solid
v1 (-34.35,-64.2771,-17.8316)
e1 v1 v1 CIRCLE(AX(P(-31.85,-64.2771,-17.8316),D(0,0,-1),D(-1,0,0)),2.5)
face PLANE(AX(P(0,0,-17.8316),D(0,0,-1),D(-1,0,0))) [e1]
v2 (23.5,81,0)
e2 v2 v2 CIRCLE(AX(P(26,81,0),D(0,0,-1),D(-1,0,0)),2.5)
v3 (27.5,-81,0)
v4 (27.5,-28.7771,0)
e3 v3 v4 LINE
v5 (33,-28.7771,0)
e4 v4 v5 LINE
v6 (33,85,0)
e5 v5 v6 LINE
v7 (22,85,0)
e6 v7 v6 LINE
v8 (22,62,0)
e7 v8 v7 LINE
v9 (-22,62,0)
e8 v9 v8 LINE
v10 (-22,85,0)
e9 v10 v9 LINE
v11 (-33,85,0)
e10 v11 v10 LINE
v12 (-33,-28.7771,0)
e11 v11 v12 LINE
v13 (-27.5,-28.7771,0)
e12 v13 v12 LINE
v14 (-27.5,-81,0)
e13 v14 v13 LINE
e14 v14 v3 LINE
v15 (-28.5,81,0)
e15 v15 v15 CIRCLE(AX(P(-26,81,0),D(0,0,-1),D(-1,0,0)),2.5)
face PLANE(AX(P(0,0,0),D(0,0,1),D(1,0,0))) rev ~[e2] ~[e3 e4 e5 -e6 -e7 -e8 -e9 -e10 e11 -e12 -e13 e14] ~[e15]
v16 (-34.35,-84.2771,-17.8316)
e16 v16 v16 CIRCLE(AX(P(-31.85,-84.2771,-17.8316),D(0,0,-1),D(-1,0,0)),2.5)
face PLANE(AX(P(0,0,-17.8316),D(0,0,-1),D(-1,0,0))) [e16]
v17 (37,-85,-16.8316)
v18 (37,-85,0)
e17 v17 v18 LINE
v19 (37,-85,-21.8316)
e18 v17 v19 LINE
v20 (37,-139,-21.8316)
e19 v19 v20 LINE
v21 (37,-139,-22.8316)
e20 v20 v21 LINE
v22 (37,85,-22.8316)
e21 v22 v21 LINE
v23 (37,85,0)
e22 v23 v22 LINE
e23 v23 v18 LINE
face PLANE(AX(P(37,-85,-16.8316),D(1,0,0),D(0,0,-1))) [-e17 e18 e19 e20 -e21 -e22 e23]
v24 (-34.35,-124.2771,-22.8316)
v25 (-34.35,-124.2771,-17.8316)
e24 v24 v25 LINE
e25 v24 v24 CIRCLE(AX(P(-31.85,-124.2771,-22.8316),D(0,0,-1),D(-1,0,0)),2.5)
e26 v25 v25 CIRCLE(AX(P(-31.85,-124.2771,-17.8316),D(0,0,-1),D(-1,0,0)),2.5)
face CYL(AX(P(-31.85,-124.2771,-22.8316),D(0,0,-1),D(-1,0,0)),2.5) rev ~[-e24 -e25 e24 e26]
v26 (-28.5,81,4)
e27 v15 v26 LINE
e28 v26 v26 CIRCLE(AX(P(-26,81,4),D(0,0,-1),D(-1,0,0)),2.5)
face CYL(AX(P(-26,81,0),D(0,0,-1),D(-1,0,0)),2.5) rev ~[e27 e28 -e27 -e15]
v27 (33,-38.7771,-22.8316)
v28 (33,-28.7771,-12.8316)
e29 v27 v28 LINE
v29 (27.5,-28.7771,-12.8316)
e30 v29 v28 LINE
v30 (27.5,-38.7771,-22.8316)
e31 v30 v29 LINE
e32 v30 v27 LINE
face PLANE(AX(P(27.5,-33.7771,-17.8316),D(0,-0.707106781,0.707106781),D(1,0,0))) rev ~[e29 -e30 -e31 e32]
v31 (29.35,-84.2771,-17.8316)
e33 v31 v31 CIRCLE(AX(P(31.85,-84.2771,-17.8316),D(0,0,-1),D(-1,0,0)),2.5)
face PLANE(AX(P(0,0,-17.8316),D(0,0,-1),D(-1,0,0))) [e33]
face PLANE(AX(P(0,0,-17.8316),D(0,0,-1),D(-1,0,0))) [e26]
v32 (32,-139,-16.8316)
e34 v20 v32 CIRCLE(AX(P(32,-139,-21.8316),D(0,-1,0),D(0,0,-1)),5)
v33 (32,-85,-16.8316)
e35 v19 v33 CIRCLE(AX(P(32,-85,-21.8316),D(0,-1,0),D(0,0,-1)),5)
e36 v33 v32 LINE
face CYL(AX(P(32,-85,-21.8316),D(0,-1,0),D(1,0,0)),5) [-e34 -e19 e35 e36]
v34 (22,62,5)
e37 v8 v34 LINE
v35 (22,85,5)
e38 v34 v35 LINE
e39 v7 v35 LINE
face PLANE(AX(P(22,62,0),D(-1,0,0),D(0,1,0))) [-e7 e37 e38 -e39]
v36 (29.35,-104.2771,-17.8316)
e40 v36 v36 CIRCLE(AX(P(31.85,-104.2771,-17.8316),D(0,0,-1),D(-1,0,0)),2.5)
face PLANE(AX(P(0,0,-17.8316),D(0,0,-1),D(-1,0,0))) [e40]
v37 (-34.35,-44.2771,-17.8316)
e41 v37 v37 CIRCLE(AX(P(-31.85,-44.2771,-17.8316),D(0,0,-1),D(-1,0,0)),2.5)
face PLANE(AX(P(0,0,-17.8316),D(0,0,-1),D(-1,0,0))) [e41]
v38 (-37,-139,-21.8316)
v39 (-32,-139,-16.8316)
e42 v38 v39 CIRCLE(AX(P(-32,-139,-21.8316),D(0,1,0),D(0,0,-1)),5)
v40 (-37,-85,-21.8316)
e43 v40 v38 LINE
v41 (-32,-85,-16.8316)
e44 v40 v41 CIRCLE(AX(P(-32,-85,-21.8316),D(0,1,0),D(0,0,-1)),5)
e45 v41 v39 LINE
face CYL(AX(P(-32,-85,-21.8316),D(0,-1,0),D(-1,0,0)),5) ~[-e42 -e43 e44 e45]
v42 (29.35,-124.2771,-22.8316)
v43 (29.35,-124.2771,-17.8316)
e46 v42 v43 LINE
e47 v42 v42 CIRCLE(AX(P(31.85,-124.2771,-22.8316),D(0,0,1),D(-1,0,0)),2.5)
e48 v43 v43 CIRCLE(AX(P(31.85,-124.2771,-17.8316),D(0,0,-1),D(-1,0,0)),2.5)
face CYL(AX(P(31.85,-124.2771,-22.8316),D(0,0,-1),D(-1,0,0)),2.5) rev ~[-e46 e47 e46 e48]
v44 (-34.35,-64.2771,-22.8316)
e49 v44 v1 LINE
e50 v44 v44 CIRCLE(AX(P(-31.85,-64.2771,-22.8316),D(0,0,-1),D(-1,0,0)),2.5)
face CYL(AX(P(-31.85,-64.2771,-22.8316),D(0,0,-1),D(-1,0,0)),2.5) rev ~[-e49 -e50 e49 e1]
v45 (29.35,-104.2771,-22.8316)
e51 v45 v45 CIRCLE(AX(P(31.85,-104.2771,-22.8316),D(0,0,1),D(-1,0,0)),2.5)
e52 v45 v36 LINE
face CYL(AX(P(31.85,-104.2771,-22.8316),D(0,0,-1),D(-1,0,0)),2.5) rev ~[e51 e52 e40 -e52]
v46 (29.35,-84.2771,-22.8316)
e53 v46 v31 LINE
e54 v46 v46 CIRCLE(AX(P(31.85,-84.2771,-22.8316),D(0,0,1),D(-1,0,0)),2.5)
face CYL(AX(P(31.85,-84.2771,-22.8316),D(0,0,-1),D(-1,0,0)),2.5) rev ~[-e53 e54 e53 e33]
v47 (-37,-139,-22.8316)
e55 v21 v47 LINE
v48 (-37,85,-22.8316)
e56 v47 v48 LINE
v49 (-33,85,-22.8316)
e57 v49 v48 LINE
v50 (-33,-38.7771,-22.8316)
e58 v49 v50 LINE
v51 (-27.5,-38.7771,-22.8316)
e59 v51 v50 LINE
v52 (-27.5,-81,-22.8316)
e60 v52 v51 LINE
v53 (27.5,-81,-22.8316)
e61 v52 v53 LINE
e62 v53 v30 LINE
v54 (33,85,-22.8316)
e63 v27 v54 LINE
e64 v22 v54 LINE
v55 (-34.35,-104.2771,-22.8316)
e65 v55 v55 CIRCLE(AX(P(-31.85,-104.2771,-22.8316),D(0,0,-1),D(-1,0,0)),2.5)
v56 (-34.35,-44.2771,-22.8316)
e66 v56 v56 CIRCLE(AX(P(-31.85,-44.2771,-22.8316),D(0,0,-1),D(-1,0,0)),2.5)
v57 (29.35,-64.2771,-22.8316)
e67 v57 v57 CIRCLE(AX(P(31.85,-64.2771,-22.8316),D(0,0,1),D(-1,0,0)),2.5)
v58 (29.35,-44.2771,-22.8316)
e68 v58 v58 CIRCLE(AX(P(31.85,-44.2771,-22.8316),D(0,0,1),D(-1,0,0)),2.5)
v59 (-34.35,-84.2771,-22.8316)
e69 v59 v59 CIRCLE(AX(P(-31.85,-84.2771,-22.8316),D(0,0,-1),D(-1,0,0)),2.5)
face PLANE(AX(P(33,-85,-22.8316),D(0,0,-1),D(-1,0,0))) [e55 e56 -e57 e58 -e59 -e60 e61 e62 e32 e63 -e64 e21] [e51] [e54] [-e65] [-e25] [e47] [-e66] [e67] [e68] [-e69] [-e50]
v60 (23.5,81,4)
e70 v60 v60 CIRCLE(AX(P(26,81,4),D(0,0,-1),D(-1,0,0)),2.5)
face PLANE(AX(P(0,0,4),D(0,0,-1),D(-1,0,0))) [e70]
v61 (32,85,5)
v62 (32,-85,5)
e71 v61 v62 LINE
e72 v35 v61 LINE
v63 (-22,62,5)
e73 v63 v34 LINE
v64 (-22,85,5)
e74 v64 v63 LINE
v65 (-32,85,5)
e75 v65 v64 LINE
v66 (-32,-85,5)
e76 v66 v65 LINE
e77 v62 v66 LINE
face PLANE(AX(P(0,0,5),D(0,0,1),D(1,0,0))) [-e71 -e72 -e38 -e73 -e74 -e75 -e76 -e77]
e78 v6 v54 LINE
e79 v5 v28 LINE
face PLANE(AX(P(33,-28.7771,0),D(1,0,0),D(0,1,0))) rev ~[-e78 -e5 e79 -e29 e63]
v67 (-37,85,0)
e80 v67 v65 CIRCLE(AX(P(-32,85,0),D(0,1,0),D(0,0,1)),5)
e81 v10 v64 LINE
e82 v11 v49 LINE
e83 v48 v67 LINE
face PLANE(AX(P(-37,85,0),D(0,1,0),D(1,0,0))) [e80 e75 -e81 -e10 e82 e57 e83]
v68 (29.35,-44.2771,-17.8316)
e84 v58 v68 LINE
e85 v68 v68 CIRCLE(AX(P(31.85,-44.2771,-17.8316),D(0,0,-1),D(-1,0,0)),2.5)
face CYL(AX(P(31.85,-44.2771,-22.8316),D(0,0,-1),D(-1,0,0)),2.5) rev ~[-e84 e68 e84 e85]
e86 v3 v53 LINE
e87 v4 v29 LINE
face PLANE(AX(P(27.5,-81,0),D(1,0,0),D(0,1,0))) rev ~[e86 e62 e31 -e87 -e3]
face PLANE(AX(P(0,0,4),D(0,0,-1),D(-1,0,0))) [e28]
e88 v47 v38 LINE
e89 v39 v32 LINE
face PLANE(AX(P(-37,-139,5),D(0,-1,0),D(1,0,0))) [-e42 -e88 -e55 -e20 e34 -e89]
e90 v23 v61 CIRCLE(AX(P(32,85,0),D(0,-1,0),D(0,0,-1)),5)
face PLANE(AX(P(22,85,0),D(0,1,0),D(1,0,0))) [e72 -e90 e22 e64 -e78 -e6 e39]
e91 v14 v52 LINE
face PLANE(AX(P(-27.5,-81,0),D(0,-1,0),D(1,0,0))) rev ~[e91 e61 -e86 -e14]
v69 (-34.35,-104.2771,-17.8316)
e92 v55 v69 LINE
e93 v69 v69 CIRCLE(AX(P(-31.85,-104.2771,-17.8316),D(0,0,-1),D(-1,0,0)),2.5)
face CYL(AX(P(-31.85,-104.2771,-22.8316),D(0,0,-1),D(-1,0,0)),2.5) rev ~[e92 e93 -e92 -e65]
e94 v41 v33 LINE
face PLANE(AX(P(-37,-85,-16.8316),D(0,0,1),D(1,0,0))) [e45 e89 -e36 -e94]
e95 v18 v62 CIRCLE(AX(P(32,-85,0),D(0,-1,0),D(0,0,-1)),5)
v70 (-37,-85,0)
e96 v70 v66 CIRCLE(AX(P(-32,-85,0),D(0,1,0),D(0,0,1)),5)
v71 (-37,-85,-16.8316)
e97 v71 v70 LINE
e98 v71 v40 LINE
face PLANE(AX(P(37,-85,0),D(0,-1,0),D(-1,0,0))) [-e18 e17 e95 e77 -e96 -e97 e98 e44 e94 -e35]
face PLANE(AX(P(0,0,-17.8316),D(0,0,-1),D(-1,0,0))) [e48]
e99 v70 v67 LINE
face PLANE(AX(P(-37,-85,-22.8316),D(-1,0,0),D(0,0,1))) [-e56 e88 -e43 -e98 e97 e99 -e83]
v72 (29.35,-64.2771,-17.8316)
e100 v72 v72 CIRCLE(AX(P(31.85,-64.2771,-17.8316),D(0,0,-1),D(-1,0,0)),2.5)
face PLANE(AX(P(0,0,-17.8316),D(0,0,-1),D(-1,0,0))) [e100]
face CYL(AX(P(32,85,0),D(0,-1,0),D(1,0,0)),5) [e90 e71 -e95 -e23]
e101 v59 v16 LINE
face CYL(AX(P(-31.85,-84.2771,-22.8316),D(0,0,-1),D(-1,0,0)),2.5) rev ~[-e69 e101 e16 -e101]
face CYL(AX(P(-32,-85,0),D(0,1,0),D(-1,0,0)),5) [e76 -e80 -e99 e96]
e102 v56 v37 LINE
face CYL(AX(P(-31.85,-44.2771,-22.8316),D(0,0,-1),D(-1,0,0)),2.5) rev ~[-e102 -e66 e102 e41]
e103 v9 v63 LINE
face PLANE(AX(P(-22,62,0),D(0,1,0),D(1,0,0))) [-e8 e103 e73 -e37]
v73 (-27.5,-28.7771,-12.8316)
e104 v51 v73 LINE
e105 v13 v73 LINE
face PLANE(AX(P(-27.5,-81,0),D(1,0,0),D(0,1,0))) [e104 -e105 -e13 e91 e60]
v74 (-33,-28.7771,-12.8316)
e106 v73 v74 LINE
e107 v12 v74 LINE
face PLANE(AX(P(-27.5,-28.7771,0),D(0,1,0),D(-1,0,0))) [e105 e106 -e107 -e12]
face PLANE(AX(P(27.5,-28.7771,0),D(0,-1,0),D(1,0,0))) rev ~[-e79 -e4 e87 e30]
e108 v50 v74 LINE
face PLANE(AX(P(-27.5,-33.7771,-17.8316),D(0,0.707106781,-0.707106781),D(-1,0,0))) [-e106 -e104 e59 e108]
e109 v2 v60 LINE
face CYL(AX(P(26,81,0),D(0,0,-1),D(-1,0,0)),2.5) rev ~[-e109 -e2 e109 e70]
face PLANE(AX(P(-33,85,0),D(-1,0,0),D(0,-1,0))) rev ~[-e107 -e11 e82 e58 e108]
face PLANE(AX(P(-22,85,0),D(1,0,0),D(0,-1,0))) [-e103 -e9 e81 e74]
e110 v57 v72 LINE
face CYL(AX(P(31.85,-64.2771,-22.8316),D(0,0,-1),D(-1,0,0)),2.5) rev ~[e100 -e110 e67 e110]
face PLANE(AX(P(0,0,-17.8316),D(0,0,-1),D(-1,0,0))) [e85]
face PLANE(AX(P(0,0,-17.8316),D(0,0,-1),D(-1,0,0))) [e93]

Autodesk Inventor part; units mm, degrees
ref_plane "YZ Plane" through (0, 0, 0) normal (1, 0, 0) x (0, 1, 0)
ref_plane "XZ Plane" through (0, 0, 0) normal (0, 1, 0) x (-1, 0, 0)
ref_plane "XY Plane" through (0, 0, 0) normal (0, 0, 1) x (1, 0, 0)
sketch "Sketch1" plane through (0, 0, 0) normal (0, 0, 1) x (1, 0, 0)
  line L0 (-37, 85) -> (37, 85)
  line L1 (37, 85) -> (37, -85)
  line L2 (37, -85) -> (-37, -85)
  line L3 (-37, -85) -> (-37, 85)
  line L4 (-37, 85) -> (37, -85) construction
  line L5 (37, 85) -> (-37, -85) construction
  line L6 (22, 85) -> (-22, 85)
  line L7 (-22, 85) -> (-22, 62)
  line L8 (-22, 62) -> (22, 62)
  line L9 (22, 62) -> (22, 85)
  point P0 (0, 0)
  point P1 (0, 62)
  point P2 (0, 85)
  point P3 (-22, 85)
  dimension "d0" = 74
  dimension "d1" = 170
  dimension "d9" = 44
  dimension "d10" = 23
extrude "Extrusion1" add sketch "Sketch1" along normal blind 5 contours L0 L7 L8 L9 L1 L2 L3
sketch "Sketch2" plane through (0, 0, 0) normal (0, 0, -1) x (-1, 0, 0)
  circle A0 centre (-26, 81) radius 2.5
  line L0 (0, 0) -> (0, 85)
  line L1 (-37, 85) -> (37, 85) projected
  circle A1 centre (26, 81) radius 2.5
  dimension "d4" = 5
  dimension "d5" = 52
  dimension "d8" = 4
extrude "Extrusion2" cut sketch "Sketch2" against normal blind 4
sketch "Sketch3" plane through (0, 0, 0) normal (0, 0, -1) x (-1, 0, 0)
  line L0 (37, -85) -> (-37, -85) projected
  line L1 (-37, 85) -> (-37, -85)
  line L2 (-37, -85) -> (37, -85)
  line L3 (37, -85) -> (37, 85)
  line L4 (33, 85) -> (33, -81)
  line L5 (33, -81) -> (-33, -81)
  line L6 (-33, -81) -> (-33, 85)
  line L7 (-37, 85) -> (-22, 85) projected
  line L8 (-37, 85) -> (-33, 85)
  line L9 (22, 85) -> (37, 85) projected
  line L10 (33, 85) -> (37, 85)
  line L11 (-33, -81) -> (-27.5, -81)
  line L12 (-27.5, -81) -> (-27.5, -28.7771)
  line L13 (-27.5, -28.7771) -> (-33, -28.7771)
  line L14 (-33, -28.7771) -> (-33, -81)
  line L15 (33, -81) -> (27.5, -81)
  line L16 (27.5, -81) -> (27.5, -28.7771)
  line L17 (27.5, -28.7771) -> (33, -28.7771)
  line L18 (33, -28.7771) -> (33, -81)
  point P0 (0, 0)
  point P1 (33, -28.7771)
  point P2 (-33, -28.7771)
  dimension "d12" = 4
  dimension "d18" = 52.2229
  dimension "d19" = 5.5
  dimension "d20" = 5.5
extrude "Extrusion3" add sketch "Sketch3" along normal blind 22.8316
sketch "Sketch4" plane through (-37, -85, 5) normal (0, -1, 0) x (1, 0, 0)
  line L0 (70, -27.8316) -> (74, -27.8316) projected
  line L1 (74, -27.8316) -> (0, -27.8316)
  line L2 (0, -27.8316) -> (0, -21.8316)
  line L3 (0, -21.8316) -> (74, -21.8316)
  line L4 (74, -21.8316) -> (74, -27.8316)
  point P0 (37, -5)
  dimension "d15" = 6
  dimension "d21" = 74
extrude "Extrusion4" add sketch "Sketch4" along normal blind 54
chamfer "Chamfer1" distance 10 angle 45 2 edges at (30.25, -28.7771, -22.8316) (-30.25, -28.7771, -22.8316)
sketch "Sketch5" plane through (0, 0, -22.8316) normal (0, 0, -1) x (-1, 0, 0)
  line L0 (-31.85, -29.2771) -> (-31.85, -139.7771)
  line L1 (-31.85, -29.2771) -> (78.65, -29.2771) construction
  circle A0 centre (-31.85, -44.2771) radius 2.5
  circle A1 centre (-31.85, -64.2771) radius 2.5
  circle A2 centre (-31.85, -84.2771) radius 2.5
  circle A3 centre (-31.85, -104.2771) radius 2.5
  circle A4 centre (-31.85, -124.2771) radius 2.5
  line L2 (-27.5, -28.7771) -> (-27.5, -81) projected
  line L3 (-37, -85) -> (-37, 85) projected
  line L4 (-27.5, -28.7771) -> (-33, -28.7771) projected
  line L5 (-37, -139) -> (37, -139) projected
  line L6 (0, -139) -> (0, -29.2771)
  circle A5 centre (31.85, -44.2771) radius 2.5
  circle A6 centre (31.85, -64.2771) radius 2.5
  circle A7 centre (31.85, -84.2771) radius 2.5
  circle A8 centre (31.85, -104.2771) radius 2.5
  circle A9 centre (31.85, -124.2771) radius 2.5
  point P0 (0, 0)
  point P1 (-31.85, -36)
  dimension "d23" = 110.5
  dimension "d24" = 90
  dimension "d25" = 5
  dimension "d26" = 15
  dimension "d29" = 20
  dimension "d39" = 5.15
  dimension "d40" = 0.5
extrude "Extrusion5" cut sketch "Sketch5" against normal blind 5
fillet "Fillet1" radius 5 4 edges at (37, 0, 5) (-37, 0, 5) (37, -112, -16.8316) (-37, -112, -16.8316)
properties part number "cover^3"
